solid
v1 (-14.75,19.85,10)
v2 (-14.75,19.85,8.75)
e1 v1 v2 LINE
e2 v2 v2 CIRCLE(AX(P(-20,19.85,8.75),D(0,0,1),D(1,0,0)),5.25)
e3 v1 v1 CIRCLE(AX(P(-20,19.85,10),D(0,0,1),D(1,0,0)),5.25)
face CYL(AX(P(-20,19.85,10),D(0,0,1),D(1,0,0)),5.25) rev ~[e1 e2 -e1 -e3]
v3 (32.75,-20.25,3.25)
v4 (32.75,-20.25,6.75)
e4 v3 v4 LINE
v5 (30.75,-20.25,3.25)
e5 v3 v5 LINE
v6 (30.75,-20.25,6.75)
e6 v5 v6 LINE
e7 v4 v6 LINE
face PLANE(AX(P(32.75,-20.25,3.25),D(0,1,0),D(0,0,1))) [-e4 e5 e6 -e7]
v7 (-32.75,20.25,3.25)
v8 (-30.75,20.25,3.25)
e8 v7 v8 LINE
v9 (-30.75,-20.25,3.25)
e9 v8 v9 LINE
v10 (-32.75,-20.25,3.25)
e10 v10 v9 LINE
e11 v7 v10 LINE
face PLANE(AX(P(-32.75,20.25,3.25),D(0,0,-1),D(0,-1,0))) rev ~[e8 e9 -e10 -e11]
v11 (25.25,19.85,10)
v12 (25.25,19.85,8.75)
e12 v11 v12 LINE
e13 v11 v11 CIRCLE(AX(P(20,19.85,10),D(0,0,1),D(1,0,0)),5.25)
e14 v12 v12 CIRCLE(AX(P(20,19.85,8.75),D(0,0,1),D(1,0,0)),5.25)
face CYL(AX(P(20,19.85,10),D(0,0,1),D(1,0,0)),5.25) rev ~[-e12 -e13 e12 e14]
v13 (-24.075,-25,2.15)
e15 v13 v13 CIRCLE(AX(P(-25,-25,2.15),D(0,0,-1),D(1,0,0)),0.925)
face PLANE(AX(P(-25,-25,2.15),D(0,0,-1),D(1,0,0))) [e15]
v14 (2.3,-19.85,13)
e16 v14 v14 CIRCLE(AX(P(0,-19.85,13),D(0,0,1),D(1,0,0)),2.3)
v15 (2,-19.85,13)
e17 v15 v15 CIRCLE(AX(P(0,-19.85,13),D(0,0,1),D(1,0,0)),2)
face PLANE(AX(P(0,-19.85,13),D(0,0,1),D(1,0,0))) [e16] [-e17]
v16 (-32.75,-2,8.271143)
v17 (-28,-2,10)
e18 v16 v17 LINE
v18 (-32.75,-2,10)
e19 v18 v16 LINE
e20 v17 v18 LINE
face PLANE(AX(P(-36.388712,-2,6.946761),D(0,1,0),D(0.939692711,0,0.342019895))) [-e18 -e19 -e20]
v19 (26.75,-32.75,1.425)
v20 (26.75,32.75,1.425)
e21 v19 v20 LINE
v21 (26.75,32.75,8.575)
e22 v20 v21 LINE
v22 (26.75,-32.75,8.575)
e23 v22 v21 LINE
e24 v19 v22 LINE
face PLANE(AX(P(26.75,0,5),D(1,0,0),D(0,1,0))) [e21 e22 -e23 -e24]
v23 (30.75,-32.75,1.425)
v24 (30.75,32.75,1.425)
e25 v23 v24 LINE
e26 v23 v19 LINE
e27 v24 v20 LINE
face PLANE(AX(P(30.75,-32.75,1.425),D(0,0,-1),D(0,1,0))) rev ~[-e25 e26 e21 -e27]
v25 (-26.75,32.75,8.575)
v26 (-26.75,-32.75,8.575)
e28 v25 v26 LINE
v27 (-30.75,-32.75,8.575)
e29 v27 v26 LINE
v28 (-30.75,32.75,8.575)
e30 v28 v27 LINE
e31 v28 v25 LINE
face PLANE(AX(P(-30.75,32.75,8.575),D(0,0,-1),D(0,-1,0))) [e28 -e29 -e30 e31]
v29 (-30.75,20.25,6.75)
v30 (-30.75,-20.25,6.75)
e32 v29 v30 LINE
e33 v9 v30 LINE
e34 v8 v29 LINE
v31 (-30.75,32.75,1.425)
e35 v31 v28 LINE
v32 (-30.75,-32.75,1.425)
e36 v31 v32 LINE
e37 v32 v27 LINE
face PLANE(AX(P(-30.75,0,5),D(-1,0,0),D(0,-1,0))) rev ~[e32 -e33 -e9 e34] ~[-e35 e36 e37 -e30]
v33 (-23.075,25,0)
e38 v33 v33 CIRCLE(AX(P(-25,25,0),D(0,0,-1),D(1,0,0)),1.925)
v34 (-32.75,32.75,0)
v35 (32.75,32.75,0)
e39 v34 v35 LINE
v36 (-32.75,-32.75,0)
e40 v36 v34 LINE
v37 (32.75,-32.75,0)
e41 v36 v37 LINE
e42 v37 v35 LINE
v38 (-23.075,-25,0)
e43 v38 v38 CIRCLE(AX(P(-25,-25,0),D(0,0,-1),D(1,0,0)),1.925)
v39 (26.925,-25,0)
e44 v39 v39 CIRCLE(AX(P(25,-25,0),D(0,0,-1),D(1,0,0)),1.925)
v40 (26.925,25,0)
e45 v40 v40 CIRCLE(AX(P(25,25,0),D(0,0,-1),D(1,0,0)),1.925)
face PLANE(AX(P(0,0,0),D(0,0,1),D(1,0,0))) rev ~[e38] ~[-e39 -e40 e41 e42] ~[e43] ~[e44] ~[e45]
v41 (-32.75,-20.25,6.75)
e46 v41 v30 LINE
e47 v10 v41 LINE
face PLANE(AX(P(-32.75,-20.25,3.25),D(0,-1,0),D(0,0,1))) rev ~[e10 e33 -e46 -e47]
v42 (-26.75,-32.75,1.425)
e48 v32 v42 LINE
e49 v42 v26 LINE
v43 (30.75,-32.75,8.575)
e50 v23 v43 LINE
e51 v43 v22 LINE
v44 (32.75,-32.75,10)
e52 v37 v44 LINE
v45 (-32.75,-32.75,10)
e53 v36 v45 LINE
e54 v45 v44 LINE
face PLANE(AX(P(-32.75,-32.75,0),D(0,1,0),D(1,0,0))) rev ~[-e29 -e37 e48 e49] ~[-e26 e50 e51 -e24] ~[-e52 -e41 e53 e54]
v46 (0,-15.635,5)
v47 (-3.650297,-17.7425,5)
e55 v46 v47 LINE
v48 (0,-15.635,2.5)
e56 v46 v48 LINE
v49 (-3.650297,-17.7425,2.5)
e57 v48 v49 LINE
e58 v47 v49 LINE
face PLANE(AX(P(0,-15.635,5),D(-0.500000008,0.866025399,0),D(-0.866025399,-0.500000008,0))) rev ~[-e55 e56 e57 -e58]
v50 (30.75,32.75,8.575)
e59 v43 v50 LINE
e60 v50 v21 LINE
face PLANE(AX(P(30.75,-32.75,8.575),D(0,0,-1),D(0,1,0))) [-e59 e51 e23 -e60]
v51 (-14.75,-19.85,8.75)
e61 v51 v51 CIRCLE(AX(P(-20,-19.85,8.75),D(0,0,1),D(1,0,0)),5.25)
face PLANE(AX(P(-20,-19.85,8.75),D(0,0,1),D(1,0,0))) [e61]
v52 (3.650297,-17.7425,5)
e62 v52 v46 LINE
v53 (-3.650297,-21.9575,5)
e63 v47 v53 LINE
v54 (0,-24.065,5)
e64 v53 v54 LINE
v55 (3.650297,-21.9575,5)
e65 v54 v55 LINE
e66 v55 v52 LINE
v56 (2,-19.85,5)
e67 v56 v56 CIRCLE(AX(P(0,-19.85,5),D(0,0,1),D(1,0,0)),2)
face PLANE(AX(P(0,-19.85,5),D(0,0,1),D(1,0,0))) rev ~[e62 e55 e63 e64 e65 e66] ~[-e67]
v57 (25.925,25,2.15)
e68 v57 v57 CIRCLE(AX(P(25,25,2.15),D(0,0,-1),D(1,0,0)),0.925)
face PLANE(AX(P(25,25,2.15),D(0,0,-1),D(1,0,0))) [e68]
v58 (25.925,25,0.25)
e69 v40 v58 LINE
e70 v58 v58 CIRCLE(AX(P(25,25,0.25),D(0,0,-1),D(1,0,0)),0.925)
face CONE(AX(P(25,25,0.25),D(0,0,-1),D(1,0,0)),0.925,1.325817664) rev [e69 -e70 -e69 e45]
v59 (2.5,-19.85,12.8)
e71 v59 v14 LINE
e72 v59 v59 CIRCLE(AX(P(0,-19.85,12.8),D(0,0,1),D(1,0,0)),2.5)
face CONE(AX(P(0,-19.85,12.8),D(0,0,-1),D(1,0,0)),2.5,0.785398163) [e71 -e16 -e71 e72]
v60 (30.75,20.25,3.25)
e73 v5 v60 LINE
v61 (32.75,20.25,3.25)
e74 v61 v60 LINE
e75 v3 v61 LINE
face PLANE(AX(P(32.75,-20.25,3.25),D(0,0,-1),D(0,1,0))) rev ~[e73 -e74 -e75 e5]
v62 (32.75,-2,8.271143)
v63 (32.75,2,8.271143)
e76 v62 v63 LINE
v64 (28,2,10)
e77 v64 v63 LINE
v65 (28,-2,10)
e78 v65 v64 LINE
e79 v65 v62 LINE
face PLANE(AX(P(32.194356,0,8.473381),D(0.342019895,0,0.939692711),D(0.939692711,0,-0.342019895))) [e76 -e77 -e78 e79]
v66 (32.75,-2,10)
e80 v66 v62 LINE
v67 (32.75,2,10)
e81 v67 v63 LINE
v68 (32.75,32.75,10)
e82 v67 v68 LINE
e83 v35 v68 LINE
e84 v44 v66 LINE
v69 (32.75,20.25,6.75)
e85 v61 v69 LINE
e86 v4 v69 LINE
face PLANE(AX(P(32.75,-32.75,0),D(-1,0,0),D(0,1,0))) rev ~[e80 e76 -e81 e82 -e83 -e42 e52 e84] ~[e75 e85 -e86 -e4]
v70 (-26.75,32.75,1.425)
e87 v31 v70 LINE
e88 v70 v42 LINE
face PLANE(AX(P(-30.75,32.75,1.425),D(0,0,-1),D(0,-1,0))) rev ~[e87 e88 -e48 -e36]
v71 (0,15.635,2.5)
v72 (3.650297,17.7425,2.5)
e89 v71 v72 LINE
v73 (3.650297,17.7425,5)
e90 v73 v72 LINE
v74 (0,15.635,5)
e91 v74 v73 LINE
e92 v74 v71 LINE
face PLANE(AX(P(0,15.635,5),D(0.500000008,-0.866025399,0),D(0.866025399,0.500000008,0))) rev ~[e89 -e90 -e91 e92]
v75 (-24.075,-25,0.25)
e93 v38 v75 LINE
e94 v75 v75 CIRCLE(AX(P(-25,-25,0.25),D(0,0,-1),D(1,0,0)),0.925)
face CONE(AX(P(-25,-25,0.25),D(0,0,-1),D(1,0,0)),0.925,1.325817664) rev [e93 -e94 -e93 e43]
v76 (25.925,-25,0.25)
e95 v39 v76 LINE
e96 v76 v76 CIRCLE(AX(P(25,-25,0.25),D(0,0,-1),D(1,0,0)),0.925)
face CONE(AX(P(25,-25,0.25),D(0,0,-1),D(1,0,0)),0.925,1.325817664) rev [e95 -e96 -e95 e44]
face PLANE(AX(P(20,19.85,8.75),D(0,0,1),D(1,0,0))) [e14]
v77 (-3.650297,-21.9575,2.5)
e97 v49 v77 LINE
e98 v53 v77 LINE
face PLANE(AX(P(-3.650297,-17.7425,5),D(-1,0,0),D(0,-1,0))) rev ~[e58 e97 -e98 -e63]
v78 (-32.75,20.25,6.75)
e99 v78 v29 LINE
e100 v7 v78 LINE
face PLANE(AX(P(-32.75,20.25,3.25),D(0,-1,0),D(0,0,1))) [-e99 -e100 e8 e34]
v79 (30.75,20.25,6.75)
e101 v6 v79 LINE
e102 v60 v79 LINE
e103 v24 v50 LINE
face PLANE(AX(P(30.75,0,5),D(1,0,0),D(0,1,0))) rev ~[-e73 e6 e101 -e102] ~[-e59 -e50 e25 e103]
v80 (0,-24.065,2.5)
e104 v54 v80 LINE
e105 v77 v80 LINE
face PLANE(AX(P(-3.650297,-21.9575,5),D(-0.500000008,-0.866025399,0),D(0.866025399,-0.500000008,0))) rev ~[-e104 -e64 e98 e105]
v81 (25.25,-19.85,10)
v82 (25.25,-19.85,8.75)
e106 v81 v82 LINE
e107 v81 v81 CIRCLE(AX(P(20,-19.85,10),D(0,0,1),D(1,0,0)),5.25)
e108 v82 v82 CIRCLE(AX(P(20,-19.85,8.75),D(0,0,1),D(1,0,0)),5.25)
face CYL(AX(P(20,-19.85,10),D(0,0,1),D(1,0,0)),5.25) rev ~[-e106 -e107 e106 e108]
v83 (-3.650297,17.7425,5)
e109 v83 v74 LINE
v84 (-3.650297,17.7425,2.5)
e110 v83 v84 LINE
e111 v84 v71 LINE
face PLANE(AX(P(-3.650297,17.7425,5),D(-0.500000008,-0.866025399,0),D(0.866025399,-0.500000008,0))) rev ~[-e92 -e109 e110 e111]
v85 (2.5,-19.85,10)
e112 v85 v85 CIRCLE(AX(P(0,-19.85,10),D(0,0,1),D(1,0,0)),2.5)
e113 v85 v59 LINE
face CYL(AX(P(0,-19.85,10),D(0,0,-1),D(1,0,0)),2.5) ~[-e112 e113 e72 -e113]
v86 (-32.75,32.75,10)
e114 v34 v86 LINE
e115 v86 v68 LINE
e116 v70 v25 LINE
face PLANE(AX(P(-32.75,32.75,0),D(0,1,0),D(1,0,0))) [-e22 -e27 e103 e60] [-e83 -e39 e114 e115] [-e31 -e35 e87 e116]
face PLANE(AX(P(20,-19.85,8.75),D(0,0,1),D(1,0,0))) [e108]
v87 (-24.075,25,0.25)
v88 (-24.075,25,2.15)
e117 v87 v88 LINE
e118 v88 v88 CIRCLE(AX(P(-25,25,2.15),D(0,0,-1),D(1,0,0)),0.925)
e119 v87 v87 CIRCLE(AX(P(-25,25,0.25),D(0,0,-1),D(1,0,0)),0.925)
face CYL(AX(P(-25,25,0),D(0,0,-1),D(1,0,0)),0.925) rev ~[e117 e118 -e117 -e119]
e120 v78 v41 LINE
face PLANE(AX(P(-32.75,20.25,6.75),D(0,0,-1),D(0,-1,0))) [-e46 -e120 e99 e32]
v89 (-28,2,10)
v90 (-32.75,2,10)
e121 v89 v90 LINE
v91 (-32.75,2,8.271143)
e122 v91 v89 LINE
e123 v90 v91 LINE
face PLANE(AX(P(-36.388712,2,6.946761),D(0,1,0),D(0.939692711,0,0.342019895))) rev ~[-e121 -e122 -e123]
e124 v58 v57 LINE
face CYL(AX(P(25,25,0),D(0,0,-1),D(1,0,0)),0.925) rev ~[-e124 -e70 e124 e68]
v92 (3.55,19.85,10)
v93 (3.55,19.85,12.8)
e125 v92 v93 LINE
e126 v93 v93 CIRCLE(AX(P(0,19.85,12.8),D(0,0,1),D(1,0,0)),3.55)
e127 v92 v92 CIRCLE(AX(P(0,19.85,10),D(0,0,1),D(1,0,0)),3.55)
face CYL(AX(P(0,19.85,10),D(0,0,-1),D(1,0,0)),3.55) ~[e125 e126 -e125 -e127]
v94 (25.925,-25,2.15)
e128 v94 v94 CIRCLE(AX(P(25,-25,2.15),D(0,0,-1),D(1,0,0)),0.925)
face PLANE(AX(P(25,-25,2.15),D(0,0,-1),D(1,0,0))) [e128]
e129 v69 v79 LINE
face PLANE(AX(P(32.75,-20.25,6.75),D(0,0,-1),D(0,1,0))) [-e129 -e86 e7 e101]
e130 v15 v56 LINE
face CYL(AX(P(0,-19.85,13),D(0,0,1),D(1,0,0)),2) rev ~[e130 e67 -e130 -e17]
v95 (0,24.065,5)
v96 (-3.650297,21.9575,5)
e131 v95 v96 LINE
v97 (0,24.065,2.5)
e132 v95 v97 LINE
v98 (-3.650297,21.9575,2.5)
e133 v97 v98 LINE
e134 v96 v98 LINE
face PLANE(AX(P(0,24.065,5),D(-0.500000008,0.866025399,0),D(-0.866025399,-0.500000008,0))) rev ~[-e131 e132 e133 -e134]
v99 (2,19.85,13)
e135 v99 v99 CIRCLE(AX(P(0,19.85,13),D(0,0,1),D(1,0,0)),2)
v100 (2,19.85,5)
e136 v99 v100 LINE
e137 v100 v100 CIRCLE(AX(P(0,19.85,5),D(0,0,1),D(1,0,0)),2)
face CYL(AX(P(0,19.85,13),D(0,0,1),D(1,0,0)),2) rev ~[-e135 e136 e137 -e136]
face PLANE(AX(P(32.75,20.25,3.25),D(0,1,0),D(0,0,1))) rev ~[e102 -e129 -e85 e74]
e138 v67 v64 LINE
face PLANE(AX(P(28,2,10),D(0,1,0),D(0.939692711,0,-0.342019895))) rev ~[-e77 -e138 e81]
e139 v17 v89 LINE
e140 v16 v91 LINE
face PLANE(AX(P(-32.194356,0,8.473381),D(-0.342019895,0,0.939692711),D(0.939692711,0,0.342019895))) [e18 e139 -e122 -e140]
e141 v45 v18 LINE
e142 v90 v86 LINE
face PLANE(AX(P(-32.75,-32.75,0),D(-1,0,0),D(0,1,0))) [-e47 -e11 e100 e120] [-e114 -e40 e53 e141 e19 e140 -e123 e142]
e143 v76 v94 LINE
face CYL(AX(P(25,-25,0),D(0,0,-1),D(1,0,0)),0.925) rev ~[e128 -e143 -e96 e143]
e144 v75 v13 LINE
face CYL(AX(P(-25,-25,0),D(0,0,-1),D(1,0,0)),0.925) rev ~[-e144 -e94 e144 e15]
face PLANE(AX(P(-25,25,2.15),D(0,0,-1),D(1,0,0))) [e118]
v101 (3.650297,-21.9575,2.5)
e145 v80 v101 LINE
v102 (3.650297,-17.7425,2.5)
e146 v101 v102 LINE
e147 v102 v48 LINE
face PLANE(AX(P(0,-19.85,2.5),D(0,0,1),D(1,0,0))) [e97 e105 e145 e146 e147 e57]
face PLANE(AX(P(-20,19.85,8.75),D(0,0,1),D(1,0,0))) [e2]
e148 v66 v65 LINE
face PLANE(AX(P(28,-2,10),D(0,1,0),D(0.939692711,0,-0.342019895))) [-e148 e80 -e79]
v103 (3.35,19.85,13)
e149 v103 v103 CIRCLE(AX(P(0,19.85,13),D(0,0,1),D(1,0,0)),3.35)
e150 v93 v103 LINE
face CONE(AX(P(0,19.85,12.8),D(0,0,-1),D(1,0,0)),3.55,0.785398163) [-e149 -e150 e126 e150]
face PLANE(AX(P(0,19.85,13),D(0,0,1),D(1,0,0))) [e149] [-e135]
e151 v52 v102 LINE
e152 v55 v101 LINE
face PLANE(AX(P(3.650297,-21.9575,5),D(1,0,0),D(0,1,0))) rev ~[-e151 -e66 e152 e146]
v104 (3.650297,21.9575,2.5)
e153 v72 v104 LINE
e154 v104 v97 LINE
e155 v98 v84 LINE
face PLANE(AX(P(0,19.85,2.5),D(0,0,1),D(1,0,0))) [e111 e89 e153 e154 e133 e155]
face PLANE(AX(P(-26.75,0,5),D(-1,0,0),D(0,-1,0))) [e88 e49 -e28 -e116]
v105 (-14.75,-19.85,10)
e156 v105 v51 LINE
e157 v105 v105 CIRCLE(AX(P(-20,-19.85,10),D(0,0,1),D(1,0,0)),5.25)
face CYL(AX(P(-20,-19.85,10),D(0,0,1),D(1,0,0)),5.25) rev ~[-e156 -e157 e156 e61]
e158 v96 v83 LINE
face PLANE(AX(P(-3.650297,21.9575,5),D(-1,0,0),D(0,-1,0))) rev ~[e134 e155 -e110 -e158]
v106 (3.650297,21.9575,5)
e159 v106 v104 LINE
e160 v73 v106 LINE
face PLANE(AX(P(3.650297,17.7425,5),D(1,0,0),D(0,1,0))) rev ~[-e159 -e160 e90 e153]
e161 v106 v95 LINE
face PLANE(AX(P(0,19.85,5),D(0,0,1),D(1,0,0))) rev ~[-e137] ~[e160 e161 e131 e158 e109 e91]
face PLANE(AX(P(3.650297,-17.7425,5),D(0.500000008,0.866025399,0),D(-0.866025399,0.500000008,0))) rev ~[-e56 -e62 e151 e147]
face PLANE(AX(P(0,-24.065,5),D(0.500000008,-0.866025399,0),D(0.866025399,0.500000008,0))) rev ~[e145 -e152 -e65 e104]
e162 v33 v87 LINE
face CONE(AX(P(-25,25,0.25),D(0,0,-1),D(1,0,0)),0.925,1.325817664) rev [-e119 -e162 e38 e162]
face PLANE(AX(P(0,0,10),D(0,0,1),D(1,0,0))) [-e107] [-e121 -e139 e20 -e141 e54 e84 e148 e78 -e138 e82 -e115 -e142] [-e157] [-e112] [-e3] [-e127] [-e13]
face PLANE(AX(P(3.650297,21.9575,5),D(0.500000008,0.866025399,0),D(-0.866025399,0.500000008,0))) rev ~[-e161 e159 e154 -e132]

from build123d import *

# Parameters (mm, degrees)
SKETCH_W         = 65.5
SKETCH_H         = 65.5
PAD_DEPTH        = 10
SKETCH001_R      = 3.55
SKETCH001_R_2    = 2.5
PAD001_DEPTH     = 3
SKETCH002_R      = 2
POCKET_DEPTH     = 8
CHAMFER_SIZE     = 0.2
POCKET001_DEPTH  = 2.5
SKETCH004_W      = 40.5
SKETCH004_H      = 3.5
POCKET002_DEPTH  = 2
SKETCH005_W      = 40.5
SKETCH005_H      = 3.5
POCKET003_DEPTH  = 2
SKETCH006_W      = 65.5
SKETCH006_H      = 7.15
POCKET004_DEPTH  = 4
SKETCH007_W      = 65.5
SKETCH007_H      = 7.15
POCKET005_DEPTH  = 4
SKETCH008_R      = 0.925
POCKET006_DEPTH  = 2.15
CHAMFER001_SIZE2 = 0.25
CHAMFER001_SIZE  = 1
SKETCH009_R      = 5.25
POCKET007_DEPTH  = 1.25
SKETCH010_W      = 8.92708
SKETCH010_H      = 4
POCKET008_DEPTH  = 4
SKETCH011_W      = 8.92708
SKETCH011_H      = 4
POCKET009_DEPTH  = 5


with BuildPart() as part:
    # Sketch → Pad (new body)
    with BuildSketch(Plane.XY):
        Rectangle(SKETCH_W, SKETCH_H)
    extrude(amount=PAD_DEPTH)

    # Sketch001 (on Face6 of Pad) → Pad001 (join)
    with BuildSketch(Plane.XY.offset(10)):
        with Locations((0, 19.85)):
            Circle(SKETCH001_R)
        with Locations((0, -19.85)):
            Circle(SKETCH001_R_2)
    extrude(amount=PAD001_DEPTH)

    # Sketch002 (on Face10 of Pad001) → Pocket (cut)
    with BuildSketch(Plane.XY.offset(13)):
        with Locations((0, 19.85)):
            Circle(SKETCH002_R)
        with Locations((0, -19.85)):
            Circle(SKETCH002_R)
    extrude(amount=-POCKET_DEPTH, mode=Mode.SUBTRACT)

    # Chamfer
    chamfer_edges = [part.edges().sort_by_distance(p)[0] for p in [
        (-3.55, 19.85, 13),
        (-2.5, -19.85, 13),
    ]]
    chamfer(chamfer_edges, length=CHAMFER_SIZE)

    # Sketch003 (on DatumPlane) → Pocket001 (cut)
    with BuildSketch(Plane.XY.offset(5)):
        Polygon((-3.650297, 17.7425), (0, 15.635), (3.650297, 17.7425), (3.650297, 21.9575), (0, 24.065), (-3.650297, 21.9575), align=None)
        Polygon((-3.650297, -21.9575), (0, -24.065), (3.650297, -21.9575), (3.650297, -17.7425), (0, -15.635), (-3.650297, -17.7425), align=None)
    extrude(amount=-POCKET001_DEPTH, mode=Mode.SUBTRACT)

    # Sketch004 (on Face7 of Pocket001) → Pocket002 (cut)
    with BuildSketch(Plane.YZ.offset(32.75)):
        with Locations((0, 5)):
            Rectangle(SKETCH004_W, SKETCH004_H)
    extrude(amount=-POCKET002_DEPTH, mode=Mode.SUBTRACT)

    # Sketch005 (on Face6 of Pocket002) → Pocket003 (cut)
    with BuildSketch(Plane(origin=(-32.75, 0, 0), x_dir=(0, -1, 0), z_dir=(-1, 0, 0))):
        with Locations((0, 5)):
            Rectangle(SKETCH005_W, SKETCH005_H)
    extrude(amount=-POCKET003_DEPTH, mode=Mode.SUBTRACT)

    # Sketch006 (on DatumPlane) → Pocket004 (cut)
    with BuildSketch(Plane.YZ.offset(30.75)):
        with Locations((0, 5)):
            Rectangle(SKETCH006_W, SKETCH006_H)
    extrude(amount=-POCKET004_DEPTH, mode=Mode.SUBTRACT)

    # Sketch007 (on DatumPlane) → Pocket005 (cut)
    with BuildSketch(Plane(origin=(-30.75, 0, 0), x_dir=(0, -1, 0), z_dir=(-1, 0, 0))):
        with Locations((0, 5)):
            Rectangle(SKETCH007_W, SKETCH007_H)
    extrude(amount=-POCKET005_DEPTH, mode=Mode.SUBTRACT)

    # Sketch008 (on Face11 of Pocket005) → Pocket006 (cut)
    with BuildSketch(Plane(origin=(0, 0, 0), x_dir=(1, 0, 0), z_dir=(0, 0, -1))):
        with Locations((-25, 25)):
            Circle(SKETCH008_R)
        with Locations((25, 25)):
            Circle(SKETCH008_R)
        with Locations((-25, -25)):
            Circle(SKETCH008_R)
        with Locations((25, -25)):
            Circle(SKETCH008_R)
    extrude(amount=-POCKET006_DEPTH, mode=Mode.SUBTRACT)

    # Chamfer001
    chamfer001_edges = [part.edges().sort_by_distance(p)[0] for p in [
        (-25.925, -25, 0),
        (24.075, -25, 0),
        (-25.925, 25, 0),
        (24.075, 25, 0),
    ]]
    chamfer001_side = part.faces().sort_by_distance((0, 0, 0))[0]
    chamfer(chamfer001_edges, length=CHAMFER001_SIZE, length2=CHAMFER001_SIZE2, reference=chamfer001_side)

    # Sketch009 (on Face11 of Chamfer001) → Pocket007 (cut)
    with BuildSketch(Plane.XY.offset(10)):
        with Locations((-20, 19.85)):
            Circle(SKETCH009_R)
        with Locations((20, 19.85)):
            Circle(SKETCH009_R)
        with Locations((20, -19.85)):
            Circle(SKETCH009_R)
        with Locations((-20, -19.85)):
            Circle(SKETCH009_R)
    extrude(amount=-POCKET007_DEPTH, mode=Mode.SUBTRACT)

    # Sketch010 (on DatumPlane) → Pocket008 (cut)
    with BuildSketch(Plane(origin=(28, 0, 10), x_dir=(0.939693, 0, -0.34202), z_dir=(0.34202, 0, 0.939693))):
        with Locations((4.46354, 0)):
            Rectangle(SKETCH010_W, SKETCH010_H)
    extrude(amount=POCKET008_DEPTH, mode=Mode.SUBTRACT)

    # Sketch011 (on DatumPlane) → Pocket009 (cut)
    with BuildSketch(Plane(origin=(-28, 0, 10), x_dir=(0.939693, 0, 0.34202), z_dir=(-0.34202, 0, 0.939693))):
        with Locations((-4.46354, 0)):
            Rectangle(SKETCH011_W, SKETCH011_H)
    extrude(amount=POCKET009_DEPTH, mode=Mode.SUBTRACT)


solid = part.part
